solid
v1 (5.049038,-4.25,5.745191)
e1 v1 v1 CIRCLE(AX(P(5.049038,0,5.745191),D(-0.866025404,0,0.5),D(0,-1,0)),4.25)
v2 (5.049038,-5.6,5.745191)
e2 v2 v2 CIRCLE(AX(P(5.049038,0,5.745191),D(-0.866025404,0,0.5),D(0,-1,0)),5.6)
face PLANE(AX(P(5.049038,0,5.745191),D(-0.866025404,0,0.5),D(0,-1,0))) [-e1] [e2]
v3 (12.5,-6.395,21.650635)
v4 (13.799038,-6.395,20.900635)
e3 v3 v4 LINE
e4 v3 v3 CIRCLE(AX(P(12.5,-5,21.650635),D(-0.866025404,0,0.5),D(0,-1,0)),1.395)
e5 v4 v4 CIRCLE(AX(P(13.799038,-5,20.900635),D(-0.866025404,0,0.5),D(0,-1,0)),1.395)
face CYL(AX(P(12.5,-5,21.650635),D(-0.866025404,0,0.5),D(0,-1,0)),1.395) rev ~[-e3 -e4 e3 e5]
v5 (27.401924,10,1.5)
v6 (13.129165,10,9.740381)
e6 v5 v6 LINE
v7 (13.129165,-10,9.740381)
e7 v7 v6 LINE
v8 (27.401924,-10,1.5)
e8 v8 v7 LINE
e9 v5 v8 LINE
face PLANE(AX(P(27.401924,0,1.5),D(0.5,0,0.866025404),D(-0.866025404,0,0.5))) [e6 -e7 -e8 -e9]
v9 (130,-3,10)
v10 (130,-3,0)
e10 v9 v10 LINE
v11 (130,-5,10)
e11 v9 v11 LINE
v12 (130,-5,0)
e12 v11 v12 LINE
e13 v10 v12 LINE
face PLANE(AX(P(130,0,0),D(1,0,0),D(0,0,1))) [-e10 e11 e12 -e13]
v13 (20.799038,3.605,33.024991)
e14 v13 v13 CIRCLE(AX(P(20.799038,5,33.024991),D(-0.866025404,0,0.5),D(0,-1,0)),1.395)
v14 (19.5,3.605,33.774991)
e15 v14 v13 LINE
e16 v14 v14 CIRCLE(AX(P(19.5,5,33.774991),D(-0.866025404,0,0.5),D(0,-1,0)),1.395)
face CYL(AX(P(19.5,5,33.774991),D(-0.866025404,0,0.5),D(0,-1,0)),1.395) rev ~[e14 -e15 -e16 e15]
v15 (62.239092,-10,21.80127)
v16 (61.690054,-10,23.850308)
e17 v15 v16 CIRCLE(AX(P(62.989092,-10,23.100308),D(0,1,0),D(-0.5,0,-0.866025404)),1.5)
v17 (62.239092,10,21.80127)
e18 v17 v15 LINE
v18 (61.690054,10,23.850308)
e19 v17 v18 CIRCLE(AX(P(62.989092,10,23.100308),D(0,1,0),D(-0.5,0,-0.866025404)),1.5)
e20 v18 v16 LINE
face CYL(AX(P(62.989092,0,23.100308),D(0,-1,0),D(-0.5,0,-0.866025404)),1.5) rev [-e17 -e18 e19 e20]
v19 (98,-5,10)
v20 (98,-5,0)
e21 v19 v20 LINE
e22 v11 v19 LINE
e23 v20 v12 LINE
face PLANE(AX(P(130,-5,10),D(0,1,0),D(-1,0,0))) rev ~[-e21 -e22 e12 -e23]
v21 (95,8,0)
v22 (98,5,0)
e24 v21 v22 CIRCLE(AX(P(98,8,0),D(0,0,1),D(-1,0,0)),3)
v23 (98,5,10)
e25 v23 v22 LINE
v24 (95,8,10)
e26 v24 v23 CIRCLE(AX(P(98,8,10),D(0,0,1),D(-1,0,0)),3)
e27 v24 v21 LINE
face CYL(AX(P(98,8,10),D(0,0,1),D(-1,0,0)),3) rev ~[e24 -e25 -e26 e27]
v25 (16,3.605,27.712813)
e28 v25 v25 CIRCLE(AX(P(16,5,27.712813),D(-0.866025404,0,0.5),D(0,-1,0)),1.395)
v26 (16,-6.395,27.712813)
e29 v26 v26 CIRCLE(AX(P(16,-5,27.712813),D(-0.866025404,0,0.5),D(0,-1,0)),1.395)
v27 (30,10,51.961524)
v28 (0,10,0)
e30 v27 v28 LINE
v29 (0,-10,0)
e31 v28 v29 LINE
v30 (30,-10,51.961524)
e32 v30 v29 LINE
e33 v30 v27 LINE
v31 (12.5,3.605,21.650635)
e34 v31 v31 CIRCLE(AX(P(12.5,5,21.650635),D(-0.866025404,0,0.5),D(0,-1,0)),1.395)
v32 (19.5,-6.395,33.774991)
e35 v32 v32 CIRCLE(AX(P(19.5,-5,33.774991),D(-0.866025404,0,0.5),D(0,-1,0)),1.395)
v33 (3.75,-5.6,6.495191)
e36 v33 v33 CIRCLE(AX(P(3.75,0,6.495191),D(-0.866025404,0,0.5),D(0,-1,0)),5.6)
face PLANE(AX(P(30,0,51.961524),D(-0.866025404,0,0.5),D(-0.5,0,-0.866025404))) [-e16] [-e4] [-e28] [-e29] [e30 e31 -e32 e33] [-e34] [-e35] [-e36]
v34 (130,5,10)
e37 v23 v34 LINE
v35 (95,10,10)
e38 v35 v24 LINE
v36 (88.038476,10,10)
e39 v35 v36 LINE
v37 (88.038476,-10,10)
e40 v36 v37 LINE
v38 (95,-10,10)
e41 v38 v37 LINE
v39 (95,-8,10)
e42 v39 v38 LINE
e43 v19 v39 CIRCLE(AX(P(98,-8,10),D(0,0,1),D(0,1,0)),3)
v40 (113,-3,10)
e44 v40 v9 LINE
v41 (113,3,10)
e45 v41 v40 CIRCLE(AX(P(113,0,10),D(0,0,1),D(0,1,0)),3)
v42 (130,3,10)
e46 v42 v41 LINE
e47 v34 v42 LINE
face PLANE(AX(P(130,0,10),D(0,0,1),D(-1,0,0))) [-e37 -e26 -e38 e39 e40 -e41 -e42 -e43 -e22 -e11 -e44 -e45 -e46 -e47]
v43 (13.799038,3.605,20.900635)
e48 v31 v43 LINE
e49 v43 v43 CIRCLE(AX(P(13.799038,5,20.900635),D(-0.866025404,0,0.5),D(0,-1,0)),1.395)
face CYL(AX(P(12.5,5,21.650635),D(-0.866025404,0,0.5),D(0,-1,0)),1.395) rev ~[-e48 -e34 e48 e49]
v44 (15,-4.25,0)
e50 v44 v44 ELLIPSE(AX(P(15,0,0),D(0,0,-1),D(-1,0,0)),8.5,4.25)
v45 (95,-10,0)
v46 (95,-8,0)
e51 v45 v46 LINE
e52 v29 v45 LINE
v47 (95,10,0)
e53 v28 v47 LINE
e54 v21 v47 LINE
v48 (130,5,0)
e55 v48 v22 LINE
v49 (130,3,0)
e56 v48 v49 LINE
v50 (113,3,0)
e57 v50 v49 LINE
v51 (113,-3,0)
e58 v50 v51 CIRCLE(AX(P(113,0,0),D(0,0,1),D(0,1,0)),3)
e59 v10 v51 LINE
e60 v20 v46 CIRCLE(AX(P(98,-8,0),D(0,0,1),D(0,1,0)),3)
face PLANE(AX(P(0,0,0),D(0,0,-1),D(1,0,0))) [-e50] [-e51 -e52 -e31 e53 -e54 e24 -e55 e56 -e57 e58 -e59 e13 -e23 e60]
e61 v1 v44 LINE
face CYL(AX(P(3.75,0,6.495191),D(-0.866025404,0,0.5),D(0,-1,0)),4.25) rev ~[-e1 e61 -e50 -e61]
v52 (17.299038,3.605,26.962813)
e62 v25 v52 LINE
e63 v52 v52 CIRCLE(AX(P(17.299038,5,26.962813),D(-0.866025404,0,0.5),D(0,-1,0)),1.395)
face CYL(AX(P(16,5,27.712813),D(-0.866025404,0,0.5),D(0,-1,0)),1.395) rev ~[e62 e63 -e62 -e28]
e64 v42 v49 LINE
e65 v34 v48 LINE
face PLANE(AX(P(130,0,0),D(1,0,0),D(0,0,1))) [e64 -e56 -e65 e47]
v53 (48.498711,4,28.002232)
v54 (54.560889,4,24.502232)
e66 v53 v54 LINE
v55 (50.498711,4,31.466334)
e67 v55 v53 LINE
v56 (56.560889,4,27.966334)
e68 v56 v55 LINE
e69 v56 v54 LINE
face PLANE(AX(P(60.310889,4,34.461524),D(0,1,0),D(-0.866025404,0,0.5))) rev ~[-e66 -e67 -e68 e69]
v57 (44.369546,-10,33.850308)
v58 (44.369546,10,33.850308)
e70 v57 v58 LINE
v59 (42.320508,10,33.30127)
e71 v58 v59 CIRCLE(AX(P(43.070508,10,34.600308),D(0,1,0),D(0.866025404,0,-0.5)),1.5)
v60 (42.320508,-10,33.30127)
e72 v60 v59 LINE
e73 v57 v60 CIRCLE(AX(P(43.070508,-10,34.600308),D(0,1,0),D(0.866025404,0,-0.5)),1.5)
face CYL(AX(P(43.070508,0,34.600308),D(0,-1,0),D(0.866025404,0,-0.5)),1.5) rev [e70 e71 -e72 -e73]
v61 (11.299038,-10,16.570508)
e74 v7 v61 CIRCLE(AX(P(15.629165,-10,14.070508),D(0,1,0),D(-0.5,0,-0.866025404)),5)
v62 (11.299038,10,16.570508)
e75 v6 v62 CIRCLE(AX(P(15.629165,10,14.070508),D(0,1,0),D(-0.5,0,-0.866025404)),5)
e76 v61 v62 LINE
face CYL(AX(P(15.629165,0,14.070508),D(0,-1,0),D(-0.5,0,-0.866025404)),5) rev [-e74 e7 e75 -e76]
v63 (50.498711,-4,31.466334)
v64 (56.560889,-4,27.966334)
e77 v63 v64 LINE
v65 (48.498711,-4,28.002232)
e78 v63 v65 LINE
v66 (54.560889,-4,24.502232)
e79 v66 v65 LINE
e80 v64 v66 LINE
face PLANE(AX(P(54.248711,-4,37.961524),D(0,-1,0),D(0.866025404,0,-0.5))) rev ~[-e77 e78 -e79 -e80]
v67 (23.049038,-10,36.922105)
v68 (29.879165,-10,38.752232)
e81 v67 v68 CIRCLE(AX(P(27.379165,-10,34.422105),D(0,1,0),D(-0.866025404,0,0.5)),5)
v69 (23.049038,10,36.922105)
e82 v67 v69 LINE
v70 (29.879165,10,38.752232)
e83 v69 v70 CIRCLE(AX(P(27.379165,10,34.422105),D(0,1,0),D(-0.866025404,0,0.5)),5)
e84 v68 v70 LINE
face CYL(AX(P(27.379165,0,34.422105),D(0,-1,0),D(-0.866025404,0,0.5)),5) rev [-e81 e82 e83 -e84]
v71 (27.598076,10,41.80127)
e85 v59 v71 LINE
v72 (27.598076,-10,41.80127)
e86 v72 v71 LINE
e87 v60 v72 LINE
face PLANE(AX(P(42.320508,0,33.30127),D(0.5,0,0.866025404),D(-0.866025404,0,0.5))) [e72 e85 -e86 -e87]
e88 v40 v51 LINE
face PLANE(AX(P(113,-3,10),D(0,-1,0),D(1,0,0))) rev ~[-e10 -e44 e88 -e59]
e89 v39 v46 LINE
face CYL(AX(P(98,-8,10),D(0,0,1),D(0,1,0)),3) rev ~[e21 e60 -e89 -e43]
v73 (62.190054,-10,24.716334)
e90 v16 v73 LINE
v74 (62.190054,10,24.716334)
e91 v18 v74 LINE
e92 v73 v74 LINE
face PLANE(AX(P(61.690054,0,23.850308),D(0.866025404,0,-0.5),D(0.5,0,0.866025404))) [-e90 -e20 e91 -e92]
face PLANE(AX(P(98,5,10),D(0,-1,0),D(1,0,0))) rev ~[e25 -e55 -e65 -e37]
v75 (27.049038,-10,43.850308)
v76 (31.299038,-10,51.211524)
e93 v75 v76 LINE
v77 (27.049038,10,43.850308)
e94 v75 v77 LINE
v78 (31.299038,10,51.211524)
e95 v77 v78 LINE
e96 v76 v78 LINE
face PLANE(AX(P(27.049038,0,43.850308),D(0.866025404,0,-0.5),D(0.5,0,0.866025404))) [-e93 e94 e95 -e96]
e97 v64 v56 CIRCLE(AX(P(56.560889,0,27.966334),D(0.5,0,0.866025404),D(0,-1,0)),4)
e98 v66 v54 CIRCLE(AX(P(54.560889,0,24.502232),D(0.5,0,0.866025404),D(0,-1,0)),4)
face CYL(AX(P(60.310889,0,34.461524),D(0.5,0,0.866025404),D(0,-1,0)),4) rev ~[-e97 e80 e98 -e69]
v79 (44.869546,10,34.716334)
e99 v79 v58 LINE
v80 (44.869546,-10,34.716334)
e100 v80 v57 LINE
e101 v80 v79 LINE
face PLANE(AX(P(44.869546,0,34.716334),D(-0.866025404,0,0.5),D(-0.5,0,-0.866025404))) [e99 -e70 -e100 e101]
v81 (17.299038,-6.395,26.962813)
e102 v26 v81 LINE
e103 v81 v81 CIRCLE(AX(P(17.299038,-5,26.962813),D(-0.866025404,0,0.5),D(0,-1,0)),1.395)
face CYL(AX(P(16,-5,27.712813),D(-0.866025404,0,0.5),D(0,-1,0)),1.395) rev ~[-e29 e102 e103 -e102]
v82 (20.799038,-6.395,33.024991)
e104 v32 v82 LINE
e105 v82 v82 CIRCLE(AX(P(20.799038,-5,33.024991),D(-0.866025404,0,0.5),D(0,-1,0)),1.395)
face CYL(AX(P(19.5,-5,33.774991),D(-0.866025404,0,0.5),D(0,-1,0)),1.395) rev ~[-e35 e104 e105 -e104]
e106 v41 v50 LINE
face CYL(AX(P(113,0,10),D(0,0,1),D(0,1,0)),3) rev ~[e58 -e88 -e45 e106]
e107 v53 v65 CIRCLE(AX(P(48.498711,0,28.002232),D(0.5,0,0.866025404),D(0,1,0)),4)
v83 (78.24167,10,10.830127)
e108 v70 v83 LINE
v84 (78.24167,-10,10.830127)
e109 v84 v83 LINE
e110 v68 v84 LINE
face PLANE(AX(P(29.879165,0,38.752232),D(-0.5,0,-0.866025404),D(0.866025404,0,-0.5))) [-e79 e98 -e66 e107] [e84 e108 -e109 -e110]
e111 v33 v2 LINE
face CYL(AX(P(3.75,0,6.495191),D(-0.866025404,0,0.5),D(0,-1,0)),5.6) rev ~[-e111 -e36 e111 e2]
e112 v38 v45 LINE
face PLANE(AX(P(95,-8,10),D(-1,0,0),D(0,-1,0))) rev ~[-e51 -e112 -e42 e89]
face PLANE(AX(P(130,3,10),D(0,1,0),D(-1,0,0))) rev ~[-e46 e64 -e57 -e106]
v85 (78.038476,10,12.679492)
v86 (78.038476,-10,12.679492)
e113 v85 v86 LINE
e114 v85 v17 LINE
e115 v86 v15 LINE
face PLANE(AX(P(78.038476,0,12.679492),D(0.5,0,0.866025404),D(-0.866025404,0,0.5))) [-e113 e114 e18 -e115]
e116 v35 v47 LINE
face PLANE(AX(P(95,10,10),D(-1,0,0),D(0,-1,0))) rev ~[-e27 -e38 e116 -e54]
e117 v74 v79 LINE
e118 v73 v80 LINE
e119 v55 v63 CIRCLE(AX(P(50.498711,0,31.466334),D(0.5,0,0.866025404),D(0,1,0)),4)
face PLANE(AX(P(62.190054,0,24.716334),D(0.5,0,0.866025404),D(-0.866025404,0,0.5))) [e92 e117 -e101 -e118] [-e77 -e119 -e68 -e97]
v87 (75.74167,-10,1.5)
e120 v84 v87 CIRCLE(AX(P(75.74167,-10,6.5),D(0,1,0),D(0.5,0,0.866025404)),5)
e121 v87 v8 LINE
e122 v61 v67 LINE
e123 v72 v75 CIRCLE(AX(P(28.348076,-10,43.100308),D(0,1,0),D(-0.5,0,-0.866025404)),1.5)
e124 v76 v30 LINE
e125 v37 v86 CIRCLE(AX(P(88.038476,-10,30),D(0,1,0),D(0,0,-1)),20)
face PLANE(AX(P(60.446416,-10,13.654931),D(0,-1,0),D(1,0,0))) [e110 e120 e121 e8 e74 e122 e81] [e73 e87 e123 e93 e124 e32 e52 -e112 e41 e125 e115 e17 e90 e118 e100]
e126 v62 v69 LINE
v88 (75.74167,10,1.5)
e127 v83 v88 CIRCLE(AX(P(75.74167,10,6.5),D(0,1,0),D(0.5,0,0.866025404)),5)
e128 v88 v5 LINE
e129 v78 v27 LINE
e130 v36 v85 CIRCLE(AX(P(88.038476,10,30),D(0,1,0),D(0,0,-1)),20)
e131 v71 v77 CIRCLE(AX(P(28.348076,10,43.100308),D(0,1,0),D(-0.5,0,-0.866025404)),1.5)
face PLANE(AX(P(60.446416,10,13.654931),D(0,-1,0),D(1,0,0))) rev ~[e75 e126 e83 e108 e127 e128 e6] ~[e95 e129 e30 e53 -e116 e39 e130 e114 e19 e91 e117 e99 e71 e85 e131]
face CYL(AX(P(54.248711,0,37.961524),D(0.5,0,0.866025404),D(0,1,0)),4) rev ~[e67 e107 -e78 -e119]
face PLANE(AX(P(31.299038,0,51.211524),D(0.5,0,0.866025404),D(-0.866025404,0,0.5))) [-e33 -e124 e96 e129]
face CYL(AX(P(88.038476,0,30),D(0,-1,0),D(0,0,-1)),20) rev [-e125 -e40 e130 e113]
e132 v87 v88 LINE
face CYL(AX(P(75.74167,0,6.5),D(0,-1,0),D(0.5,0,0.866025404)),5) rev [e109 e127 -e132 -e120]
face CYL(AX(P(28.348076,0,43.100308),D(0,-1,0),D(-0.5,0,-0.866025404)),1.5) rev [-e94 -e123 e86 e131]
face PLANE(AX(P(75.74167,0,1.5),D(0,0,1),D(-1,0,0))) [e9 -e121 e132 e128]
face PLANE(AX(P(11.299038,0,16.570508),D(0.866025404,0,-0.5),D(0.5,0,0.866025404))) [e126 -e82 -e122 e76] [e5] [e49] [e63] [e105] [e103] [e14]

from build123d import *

# Parameters (mm, degrees)
F1_DEPTH  = 10
F3_DEPTH  = 10.001
F5_DEPTH  = 25
F6_R      = 1.395
F7_DEPTH  = 25
F8_R      = 4.25
F9_DEPTH  = 112.584302492
F8_R_2    = 5.6
F10_DEPTH = 1.5


with BuildPart() as f1:
    # F0 (on Front) → F1 (new body, symmetric)
    with BuildSketch(Plane.XZ):
        with BuildLine():
            Line((30, 51.9615242271), (0, 0))
            Line((0, 0), (130, 0))
            Line((130, 0), (130, 10))
            Line((130, 10), (88.0384757729, 10))
            ThreePointArc((88.0384757729, 10), (82.8620948709, 10.6814834742), (78.0384757729, 12.6794919243))
            Line((78.0384757729, 12.6794919243), (62.2390923627, 21.8012701892))
            ThreePointArc((62.2390923627, 21.8012701892), (61.5402036233, 22.7120797272), (61.6900542571, 23.8503082949))
            Line((61.6900542571, 23.8503082949), (62.1900542571, 24.7163336987))
            Line((62.1900542571, 24.7163336987), (44.8695461814, 34.7163336987))
            Line((44.8695461814, 34.7163336987), (44.3695461814, 33.8503082949))
            ThreePointArc((44.3695461814, 33.8503082949), (43.4587366433, 33.1514195555), (42.3205080757, 33.3012701892))
            Line((42.3205080757, 33.3012701892), (27.5980762114, 41.8012701892))
            ThreePointArc((27.5980762114, 41.8012701892), (26.8991874719, 42.7120797272), (27.0490381057, 43.8503082949))
            Line((27.0490381057, 43.8503082949), (31.2990381057, 51.2115242271))
            Line((31.2990381057, 51.2115242271), (30, 51.9615242271))
        make_face()
        with BuildLine():
            Line((27.4019237886, 1.5), (13.1291651246, 9.7403810568))
            ThreePointArc((13.1291651246, 9.7403810568), (10.7995359932, 12.7764128502), (11.2990381057, 16.5705080757))
            Line((11.2990381057, 16.5705080757), (23.0490381057, 36.9221050646))
            ThreePointArc((23.0490381057, 36.9221050646), (26.0850698991, 39.2517341961), (29.8791651246, 38.7522320835))
            Line((29.8791651246, 38.7522320835), (78.2416697508, 10.8301270189))
            ThreePointArc((78.2416697508, 10.8301270189), (80.5712988822, 5.2059047745), (75.7416697508, 1.5))
            Line((75.7416697508, 1.5), (27.4019237886, 1.5))
        make_face(mode=Mode.SUBTRACT)
    extrude(amount=F1_DEPTH, both=True)

    # F2 (on face) → F3 (cut, through all)
    with BuildSketch(Plane.XY.offset(10)):
        with BuildLine():
            Line((130, 3), (113, 3))
            ThreePointArc((113, 3), (110, 0), (113, -3))
            Line((113, -3), (130, -3))
            Line((130, -3), (130, 3))
        make_face()
        with BuildLine():
            Line((98, 5), (130, 5))
            Line((130, 5), (130, 10))
            Line((130, 10), (95, 10))
            Line((95, 10), (95, 8))
            ThreePointArc((95, 8), (95.8786796564, 5.8786796564), (98, 5))
        make_face()
        with BuildLine():
            Line((95, -10), (130, -10))
            Line((130, -10), (130, -5))
            Line((130, -5), (98, -5))
            ThreePointArc((98, -5), (95.8786796564, -5.8786796564), (95, -8))
            Line((95, -8), (95, -10))
        make_face()
    extrude(amount=-F3_DEPTH, mode=Mode.SUBTRACT)

    # F4 (on face) → F5 (cut)
    with BuildSketch(Plane(origin=(30, 0, 51.9615242271), x_dir=(0.8660254038, 0, -0.5), z_dir=(0.5, 0, 0.8660254038))):
        with BuildLine():
            ThreePointArc((28, 4), (24, 0), (28, -4))
            Line((28, -4), (35, -4))
            ThreePointArc((35, -4), (39, 0), (35, 4))
            Line((35, 4), (28, 4))
        make_face()
    extrude(amount=-F5_DEPTH, mode=Mode.SUBTRACT)

    # F6 (on face) → F7 (cut)
    with BuildSketch(Plane(origin=(0, 0, 0), x_dir=(0, -1, 0), z_dir=(-0.8660254038, 0, 0.5))):
        with Locations((-5, 25)):
            Circle(F6_R)
        with Locations((-5, 32)):
            Circle(F6_R)
        with Locations((-5, 39)):
            Circle(F6_R)
        with Locations((5, 25)):
            Circle(F6_R)
        with Locations((5, 32)):
            Circle(F6_R)
        with Locations((5, 39)):
            Circle(F6_R)
    extrude(amount=-F7_DEPTH, mode=Mode.SUBTRACT)

    # F8 (on face) → F9 (cut, through all)
    with BuildSketch(Plane(origin=(0, 0, 0), x_dir=(0, -1, 0), z_dir=(-0.8660254038, 0, 0.5))):
        with Locations((0, 7.5)):
            Circle(F8_R)
    extrude(amount=-F9_DEPTH, mode=Mode.SUBTRACT)

    # F8 (on face) → F10 (cut)
    with BuildSketch(Plane(origin=(0, 0, 0), x_dir=(0, -1, 0), z_dir=(-0.8660254038, 0, 0.5))):
        with Locations((0, 7.5)):
            Circle(F8_R_2)
        with Locations((0, 7.5)):
            Circle(F8_R, mode=Mode.SUBTRACT)
    extrude(amount=-F10_DEPTH, mode=Mode.SUBTRACT)


solid = f1.part
